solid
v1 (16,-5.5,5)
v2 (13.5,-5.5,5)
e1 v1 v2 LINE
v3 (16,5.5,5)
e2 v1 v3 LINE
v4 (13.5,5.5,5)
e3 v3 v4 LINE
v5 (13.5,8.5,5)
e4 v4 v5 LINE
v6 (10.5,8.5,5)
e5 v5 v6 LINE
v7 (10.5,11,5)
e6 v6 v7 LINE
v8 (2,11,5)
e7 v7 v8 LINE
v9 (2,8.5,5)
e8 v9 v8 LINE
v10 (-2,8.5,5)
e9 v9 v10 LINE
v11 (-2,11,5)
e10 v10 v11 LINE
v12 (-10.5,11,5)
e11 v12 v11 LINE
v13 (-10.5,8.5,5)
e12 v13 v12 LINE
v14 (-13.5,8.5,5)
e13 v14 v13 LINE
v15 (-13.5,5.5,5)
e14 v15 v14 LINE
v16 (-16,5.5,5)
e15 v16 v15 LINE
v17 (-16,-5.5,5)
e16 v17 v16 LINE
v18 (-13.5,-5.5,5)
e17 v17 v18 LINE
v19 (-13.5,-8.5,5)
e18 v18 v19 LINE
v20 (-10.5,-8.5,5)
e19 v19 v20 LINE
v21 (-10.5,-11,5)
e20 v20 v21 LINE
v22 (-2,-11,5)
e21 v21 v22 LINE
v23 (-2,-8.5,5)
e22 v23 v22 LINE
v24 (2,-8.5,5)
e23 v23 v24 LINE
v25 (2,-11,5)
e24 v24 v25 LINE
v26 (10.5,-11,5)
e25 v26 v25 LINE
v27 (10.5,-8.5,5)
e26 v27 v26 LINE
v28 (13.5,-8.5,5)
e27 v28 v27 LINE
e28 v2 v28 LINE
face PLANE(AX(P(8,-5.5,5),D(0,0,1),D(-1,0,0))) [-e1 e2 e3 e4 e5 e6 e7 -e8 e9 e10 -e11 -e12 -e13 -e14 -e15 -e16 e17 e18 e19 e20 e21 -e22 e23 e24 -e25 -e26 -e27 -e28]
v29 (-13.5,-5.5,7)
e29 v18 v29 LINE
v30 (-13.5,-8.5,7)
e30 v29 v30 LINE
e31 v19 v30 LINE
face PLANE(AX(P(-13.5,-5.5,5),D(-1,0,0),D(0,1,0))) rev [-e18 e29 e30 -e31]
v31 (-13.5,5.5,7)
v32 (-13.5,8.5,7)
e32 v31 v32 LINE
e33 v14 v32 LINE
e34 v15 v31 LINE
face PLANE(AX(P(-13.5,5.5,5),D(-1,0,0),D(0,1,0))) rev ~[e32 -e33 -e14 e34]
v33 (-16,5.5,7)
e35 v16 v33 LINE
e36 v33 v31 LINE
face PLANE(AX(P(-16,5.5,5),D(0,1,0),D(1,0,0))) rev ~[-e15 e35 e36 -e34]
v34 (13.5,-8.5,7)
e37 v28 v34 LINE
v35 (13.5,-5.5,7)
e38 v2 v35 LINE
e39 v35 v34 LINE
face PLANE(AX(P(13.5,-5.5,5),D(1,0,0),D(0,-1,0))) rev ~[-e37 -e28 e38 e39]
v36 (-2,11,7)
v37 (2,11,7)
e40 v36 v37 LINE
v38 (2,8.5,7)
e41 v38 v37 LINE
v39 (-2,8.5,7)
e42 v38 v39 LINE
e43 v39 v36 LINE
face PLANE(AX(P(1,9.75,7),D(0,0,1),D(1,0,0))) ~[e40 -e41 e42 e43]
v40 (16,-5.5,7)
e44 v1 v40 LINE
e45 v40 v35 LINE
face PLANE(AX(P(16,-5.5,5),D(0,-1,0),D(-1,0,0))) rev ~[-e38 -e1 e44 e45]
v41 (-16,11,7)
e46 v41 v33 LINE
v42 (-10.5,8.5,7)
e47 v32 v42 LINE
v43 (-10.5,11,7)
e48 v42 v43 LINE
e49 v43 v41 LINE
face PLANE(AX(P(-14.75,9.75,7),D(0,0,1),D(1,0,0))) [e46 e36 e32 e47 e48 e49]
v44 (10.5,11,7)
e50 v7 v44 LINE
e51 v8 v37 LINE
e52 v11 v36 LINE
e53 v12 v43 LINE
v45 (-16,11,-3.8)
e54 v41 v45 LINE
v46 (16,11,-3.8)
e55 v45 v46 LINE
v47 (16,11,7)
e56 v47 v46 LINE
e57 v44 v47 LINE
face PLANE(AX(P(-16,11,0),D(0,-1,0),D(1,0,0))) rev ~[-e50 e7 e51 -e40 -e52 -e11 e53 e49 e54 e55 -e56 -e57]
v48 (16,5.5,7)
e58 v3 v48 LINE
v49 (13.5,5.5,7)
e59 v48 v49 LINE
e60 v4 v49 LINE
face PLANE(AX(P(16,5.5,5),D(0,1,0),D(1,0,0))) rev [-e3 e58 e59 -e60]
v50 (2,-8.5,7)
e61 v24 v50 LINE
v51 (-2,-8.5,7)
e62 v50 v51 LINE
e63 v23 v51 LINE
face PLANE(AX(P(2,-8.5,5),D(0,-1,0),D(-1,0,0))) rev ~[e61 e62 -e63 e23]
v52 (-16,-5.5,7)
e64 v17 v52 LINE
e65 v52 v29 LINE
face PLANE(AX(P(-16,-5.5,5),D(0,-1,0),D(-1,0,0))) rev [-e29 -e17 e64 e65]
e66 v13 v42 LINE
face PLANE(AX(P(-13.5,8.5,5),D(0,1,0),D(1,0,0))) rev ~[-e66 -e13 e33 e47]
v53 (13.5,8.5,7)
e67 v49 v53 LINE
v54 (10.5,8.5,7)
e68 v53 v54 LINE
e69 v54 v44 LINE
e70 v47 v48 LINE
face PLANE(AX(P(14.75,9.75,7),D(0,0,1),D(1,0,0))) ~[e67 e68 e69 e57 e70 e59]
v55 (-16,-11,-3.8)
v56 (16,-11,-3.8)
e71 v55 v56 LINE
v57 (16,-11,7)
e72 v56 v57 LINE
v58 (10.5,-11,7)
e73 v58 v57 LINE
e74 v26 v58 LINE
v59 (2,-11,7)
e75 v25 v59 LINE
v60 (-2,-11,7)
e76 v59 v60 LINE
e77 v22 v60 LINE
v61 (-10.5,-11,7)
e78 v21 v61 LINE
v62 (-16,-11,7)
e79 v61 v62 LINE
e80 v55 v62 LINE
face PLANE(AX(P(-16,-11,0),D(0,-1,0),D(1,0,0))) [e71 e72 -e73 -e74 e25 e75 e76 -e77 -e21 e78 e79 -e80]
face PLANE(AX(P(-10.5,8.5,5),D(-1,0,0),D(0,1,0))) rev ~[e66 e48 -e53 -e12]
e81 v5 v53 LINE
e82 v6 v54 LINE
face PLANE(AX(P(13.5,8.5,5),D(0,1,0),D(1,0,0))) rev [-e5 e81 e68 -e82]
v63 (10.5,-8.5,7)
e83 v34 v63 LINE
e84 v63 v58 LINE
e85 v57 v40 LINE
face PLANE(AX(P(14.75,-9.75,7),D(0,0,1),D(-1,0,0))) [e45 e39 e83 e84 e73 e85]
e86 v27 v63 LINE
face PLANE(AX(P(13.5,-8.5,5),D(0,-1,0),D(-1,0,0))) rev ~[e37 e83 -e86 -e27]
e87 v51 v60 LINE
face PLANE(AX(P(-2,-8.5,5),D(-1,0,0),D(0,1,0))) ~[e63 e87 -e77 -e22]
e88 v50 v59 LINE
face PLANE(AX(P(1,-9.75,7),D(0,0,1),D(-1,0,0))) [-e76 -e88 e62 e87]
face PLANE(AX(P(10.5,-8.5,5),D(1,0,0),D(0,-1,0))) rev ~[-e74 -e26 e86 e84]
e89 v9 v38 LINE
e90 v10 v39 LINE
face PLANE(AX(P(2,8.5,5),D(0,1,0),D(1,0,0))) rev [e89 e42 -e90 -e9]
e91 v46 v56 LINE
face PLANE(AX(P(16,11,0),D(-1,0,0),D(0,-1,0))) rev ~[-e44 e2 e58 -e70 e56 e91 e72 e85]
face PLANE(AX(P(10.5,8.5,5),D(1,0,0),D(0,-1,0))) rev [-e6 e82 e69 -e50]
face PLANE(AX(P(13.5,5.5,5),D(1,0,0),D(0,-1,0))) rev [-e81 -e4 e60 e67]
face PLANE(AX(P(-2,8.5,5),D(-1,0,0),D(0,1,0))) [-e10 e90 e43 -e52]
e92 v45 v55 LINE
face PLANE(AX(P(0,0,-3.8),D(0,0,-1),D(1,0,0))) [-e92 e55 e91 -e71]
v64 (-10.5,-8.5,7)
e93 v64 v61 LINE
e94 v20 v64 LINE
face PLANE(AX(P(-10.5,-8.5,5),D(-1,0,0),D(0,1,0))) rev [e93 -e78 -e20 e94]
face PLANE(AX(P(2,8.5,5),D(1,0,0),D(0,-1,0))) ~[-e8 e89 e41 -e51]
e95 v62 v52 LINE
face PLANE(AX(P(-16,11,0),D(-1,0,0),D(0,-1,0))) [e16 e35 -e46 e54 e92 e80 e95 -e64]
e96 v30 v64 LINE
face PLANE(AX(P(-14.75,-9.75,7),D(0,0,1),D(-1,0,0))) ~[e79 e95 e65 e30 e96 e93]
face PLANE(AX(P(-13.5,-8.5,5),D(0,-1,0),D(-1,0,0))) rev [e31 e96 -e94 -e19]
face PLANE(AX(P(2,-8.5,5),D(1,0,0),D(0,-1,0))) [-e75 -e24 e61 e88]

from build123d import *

# Parameters (mm, degrees)
F0_W      = 16
F0_H      = 11
F1_DEPTH  = 5
F2_W      = 2.5
F2_H      = 2.5
F2_W_2    = 3
F2_H_2    = 3
F2_W_3    = 2
F3_DEPTH  = 2
F5_FACE_W = 32
F5_FACE_H = 22
F6_DEPTH  = 3.8


with BuildPart() as f1:
    # F0 (on Top) → F1 (new body)
    with BuildSketch(Plane.XY):
        with Locations((-8, 5.5)):
            Rectangle(F0_W, F0_H)
    extrude(amount=F1_DEPTH)

    # F2 (on face) → F3 (join)
    with BuildSketch(Plane.XY.offset(5)):
        with Locations((-14.75, 9.75)):
            Rectangle(F2_W, F2_H)
        with Locations((-12, 9.75)):
            Rectangle(F2_W_2, F2_H)
        with Locations((-14.75, 7)):
            Rectangle(F2_W, F2_H_2)
        with Locations((-1, 9.75)):
            Rectangle(F2_W_3, F2_H)
    extrude(amount=F3_DEPTH)

    # F4: F1 across plane


with BuildPart() as f1_1:
    add(f1.part)
    add(f1.part.mirror(Plane.XZ))

    # F5: F1 across plane


with BuildPart() as f1_2:
    add(f1_1.part)
    add(f1_1.part.mirror(Plane.YZ))

    # F5_face (on face) → F6 (join)
    with BuildSketch(Plane(origin=(0, 0, 0), x_dir=(1, 0, 0), z_dir=(0, 0, -1))):
        Rectangle(F5_FACE_W, F5_FACE_H)
    extrude(amount=F6_DEPTH)


solid = f1_2.part
